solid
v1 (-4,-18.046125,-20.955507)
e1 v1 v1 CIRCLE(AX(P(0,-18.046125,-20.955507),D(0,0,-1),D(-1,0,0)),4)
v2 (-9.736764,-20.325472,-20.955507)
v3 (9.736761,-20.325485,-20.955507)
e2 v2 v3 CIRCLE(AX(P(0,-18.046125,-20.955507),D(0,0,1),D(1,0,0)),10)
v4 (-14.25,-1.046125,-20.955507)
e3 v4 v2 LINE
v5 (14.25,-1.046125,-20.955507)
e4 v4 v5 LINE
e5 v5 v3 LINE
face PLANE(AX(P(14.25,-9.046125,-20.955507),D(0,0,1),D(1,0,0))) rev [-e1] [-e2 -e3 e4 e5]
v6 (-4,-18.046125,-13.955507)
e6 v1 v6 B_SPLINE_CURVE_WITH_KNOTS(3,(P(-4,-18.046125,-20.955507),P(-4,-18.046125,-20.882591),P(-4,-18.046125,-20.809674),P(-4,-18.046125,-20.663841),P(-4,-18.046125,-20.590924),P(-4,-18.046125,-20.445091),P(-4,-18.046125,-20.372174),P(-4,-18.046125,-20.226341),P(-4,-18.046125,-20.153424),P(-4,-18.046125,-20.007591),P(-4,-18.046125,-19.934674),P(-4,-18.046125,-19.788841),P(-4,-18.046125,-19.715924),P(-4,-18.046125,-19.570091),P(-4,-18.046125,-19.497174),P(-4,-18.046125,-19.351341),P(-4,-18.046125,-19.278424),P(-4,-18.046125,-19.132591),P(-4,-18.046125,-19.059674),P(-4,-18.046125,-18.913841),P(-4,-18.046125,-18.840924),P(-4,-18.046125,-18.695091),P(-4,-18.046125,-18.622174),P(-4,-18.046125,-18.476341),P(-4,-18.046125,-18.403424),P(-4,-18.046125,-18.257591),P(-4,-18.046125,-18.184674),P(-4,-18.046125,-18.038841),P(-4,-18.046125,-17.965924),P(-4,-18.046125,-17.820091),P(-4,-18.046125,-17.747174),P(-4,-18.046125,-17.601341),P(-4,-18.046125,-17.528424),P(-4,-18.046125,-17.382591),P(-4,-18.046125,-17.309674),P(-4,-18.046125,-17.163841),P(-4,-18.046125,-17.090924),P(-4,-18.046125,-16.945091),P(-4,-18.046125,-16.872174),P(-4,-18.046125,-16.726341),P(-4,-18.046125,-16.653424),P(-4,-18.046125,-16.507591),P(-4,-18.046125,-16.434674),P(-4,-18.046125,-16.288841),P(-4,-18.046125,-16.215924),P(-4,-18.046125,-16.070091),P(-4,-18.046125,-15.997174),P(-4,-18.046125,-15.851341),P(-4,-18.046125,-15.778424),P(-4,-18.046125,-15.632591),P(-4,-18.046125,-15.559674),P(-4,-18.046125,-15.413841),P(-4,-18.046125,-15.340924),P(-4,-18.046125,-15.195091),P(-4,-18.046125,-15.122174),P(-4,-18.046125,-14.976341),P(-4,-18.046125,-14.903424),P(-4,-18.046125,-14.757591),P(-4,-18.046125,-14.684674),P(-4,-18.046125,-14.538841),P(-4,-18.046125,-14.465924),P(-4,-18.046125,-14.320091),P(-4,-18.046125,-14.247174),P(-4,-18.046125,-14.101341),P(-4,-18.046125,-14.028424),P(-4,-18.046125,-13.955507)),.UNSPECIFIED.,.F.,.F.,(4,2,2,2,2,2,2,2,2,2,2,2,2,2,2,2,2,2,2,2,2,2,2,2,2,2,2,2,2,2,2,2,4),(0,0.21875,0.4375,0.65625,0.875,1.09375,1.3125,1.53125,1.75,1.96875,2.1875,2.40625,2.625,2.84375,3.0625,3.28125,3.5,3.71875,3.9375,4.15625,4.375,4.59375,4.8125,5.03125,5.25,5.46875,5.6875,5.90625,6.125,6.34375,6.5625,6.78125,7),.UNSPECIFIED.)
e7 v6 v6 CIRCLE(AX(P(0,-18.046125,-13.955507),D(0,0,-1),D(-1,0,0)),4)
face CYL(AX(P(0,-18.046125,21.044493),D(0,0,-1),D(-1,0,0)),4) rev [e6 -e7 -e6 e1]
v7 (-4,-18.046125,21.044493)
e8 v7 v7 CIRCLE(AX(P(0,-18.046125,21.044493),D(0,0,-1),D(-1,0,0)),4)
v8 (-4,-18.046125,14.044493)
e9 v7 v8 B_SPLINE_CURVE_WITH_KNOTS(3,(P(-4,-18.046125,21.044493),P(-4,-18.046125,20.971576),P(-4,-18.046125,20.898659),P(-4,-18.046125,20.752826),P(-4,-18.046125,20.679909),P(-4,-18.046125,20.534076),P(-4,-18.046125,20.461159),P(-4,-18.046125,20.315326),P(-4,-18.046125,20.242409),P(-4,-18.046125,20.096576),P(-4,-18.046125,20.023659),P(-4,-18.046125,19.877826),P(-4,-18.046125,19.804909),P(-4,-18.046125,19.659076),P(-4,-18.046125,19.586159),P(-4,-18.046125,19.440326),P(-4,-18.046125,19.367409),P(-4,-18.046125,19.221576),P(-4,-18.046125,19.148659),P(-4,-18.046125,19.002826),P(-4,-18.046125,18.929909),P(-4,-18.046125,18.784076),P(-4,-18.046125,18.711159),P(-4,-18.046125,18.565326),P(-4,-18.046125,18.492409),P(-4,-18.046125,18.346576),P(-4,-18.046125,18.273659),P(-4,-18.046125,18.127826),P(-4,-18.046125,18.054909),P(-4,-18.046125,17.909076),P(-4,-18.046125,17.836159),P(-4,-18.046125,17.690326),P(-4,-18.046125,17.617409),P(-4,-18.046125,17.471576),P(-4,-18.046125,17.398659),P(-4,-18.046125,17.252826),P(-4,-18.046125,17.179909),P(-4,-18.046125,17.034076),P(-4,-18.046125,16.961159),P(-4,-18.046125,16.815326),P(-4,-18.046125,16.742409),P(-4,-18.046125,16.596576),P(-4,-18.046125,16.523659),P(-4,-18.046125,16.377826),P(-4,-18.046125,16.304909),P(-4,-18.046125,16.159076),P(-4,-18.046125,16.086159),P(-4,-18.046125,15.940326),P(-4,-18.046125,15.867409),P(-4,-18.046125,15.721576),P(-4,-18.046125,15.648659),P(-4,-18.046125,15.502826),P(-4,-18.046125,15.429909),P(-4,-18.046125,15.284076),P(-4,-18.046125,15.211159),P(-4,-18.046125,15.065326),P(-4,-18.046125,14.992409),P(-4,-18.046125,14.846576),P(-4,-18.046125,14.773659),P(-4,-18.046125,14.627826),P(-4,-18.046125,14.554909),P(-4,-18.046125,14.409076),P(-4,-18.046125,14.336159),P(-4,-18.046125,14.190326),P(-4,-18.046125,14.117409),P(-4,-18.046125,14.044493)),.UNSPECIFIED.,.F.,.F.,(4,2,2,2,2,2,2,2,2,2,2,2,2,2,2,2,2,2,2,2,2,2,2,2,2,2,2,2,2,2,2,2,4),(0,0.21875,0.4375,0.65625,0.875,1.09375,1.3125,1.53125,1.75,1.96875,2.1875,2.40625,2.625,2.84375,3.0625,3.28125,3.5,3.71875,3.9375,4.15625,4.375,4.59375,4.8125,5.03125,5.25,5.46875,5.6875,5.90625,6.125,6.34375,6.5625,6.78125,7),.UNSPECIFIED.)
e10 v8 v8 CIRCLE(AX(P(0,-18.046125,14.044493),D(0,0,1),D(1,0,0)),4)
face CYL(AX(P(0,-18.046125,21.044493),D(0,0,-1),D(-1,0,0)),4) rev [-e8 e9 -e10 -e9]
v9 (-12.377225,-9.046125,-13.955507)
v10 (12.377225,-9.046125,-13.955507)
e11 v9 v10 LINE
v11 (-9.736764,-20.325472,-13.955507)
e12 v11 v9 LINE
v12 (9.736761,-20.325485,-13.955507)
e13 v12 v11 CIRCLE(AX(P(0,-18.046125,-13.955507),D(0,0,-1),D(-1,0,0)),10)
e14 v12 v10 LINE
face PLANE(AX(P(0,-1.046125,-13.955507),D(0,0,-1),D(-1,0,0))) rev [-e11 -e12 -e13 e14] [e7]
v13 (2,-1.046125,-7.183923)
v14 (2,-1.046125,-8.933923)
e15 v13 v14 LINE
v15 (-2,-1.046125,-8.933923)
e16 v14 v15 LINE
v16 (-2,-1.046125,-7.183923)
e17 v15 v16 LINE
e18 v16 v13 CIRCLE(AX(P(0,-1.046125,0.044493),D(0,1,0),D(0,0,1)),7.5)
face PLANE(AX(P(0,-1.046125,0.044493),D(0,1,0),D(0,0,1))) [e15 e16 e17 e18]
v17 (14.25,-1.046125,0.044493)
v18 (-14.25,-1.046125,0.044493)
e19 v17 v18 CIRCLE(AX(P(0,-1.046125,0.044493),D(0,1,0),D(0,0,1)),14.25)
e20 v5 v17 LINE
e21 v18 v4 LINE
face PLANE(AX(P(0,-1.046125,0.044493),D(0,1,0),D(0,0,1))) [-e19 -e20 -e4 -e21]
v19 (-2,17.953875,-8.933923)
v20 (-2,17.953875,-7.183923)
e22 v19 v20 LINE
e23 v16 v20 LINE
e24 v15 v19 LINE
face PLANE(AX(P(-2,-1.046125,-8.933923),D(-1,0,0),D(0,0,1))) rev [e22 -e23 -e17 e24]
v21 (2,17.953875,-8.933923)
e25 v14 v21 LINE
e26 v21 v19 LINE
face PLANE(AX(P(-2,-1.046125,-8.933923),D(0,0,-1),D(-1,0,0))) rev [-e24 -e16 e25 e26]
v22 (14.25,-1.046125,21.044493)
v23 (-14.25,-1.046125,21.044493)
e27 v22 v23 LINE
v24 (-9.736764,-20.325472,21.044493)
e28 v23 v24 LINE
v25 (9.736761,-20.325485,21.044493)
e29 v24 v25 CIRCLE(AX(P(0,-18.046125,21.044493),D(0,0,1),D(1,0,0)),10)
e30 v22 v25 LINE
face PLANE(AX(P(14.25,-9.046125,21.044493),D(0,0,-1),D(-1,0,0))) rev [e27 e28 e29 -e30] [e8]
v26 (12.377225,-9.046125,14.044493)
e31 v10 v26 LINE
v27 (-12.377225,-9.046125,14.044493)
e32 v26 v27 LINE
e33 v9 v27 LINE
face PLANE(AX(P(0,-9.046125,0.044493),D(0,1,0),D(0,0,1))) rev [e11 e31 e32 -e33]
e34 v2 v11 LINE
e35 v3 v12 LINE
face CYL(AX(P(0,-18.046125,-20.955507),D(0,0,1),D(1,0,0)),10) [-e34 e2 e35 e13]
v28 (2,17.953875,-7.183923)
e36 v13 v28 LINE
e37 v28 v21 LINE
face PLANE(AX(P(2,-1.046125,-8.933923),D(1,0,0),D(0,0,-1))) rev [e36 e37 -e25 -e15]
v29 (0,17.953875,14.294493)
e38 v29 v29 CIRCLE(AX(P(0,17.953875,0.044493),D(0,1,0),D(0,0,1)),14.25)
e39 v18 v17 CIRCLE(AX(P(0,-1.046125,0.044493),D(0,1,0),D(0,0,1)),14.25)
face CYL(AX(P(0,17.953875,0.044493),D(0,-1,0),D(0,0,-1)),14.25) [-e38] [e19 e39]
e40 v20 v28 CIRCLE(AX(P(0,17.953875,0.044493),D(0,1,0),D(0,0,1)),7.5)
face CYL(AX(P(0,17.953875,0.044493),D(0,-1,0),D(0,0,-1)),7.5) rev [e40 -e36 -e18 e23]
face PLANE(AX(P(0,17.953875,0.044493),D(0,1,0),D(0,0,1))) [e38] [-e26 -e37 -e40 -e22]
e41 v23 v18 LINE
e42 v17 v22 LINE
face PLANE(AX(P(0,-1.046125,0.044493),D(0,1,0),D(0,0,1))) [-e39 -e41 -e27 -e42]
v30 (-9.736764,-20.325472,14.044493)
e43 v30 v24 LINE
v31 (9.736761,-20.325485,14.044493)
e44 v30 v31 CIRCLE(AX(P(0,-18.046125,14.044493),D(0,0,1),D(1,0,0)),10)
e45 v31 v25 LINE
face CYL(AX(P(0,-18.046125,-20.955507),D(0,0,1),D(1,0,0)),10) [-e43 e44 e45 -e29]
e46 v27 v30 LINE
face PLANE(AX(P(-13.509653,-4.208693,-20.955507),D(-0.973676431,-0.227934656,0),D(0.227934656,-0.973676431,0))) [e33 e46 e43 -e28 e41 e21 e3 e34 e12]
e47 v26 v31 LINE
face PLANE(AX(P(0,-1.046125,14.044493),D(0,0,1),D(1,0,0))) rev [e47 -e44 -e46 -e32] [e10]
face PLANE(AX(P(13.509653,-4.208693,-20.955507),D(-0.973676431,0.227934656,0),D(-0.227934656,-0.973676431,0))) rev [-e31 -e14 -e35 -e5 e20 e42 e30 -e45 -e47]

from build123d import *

# Parameters (mm, degrees)
SKETCH1_R           = 28.5
SKETCH1_R_2         = 15
BOSS_EXTRUDE1_DEPTH = 38
SKETCH2_W           = 57
SKETCH2_H           = 84
BOSS_EXTRUDE2_DEPTH = 16
SKETCH6_W           = 57
SKETCH6_H           = 38
BOSS_EXTRUDE4_DEPTH = 14
SKETCH7_W           = 57
SKETCH7_H           = 38
BOSS_EXTRUDE5_DEPTH = 14
SKETCH8_R           = 8
CUT_EXTRUDE3_DEPTH  = 104.847243584
CUT_EXTRUDE4_DEPTH  = 104.847243584
CUT_EXTRUDE5_START  = -38
CUT_EXTRUDE5_DEPTH  = 38
ESCALA1_SCALE       = 0.5


with BuildPart() as part:
    # Sketch1 → Boss-Extrude1 (new body)
    with BuildSketch(Plane(origin=(0, 0, 0), x_dir=(1, 0, 0), z_dir=(0, 1, 0))):
        with Locations(Location((0, 0, 0), (0, 0, 270))):
            Circle(SKETCH1_R)
        with Locations(Location((0, 0, 0), (0, 0, 270))):
            Circle(SKETCH1_R_2, mode=Mode.SUBTRACT)
    extrude(amount=BOSS_EXTRUDE1_DEPTH)

    # Sketch2 → Boss-Extrude2 (add)
    with BuildSketch(Plane.XZ):
        Rectangle(SKETCH2_W, SKETCH2_H)
    extrude(amount=BOSS_EXTRUDE2_DEPTH)

    # Sketch6 → Boss-Extrude4 (add)
    with BuildSketch(Plane.XY.offset(42)):
        with Locations((0, -35)):
            Rectangle(SKETCH6_W, SKETCH6_H)
    extrude(amount=-BOSS_EXTRUDE4_DEPTH)

    # Sketch7 → Boss-Extrude5 (add)
    with BuildSketch(Plane(origin=(0, 0, -42), x_dir=(-1, 0, 0), z_dir=(0, 0, -1))):
        with Locations((0, -35)):
            Rectangle(SKETCH7_W, SKETCH7_H)
    extrude(amount=-BOSS_EXTRUDE5_DEPTH)

    # Sketch8 → Cut-Extrude3 (cut, through all)
    with BuildSketch(Plane(origin=(0, 0, -42), x_dir=(-1, 0, 0), z_dir=(0, 0, -1))):
        with Locations((0, -34)):
            Circle(SKETCH8_R)
    extrude(amount=-CUT_EXTRUDE3_DEPTH, mode=Mode.SUBTRACT)

    # Sketch9 → Cut-Extrude4 (cut, through all)
    with BuildSketch(Plane.XY.offset(42)):
        with BuildLine():
            Line((-19.473528625, -38.558693112), (-28.5, 0))
            Line((-28.5, 0), (-28.5, -54))
            Line((-28.5, -54), (0, -54))
            ThreePointArc((0, -54), (-12.42630552, -49.671213454), (-19.473528625, -38.558693112))
        make_face()
        with BuildLine():
            ThreePointArc((19.473522225, -38.558720453), (12.426294519, -49.671222177), (0, -54))
            Line((0, -54), (28.5, -54))
            Line((28.5, -54), (28.5, 0))
            Line((28.5, 0), (19.473522225, -38.558720453))
        make_face()
    extrude(amount=-CUT_EXTRUDE4_DEPTH, mode=Mode.SUBTRACT)

    # Sketch11 → Cut-Extrude5 (cut)
    with BuildSketch(Plane(origin=(0, 38, 0), x_dir=(1, 0, 0), z_dir=(0, 1, 0)).offset(CUT_EXTRUDE5_START)):
        with BuildLine():
            Line((-4, 17.956832295), (4, 17.956832295))
            Line((4, 17.956832295), (4, 14.456832295))
            ThreePointArc((4, 14.456832295), (0, 15), (-4, 14.456832295))
            Line((-4, 14.456832295), (-4, 17.956832295))
        make_face()
    extrude(amount=CUT_EXTRUDE5_DEPTH, mode=Mode.SUBTRACT)


with BuildPart() as part_1:
    # Escala1: scaled about (0, -2.092250253, 0.088985483)
    add(part.part.scale(ESCALA1_SCALE).moved(Location((0, -1.046125127, 0.044492742))))


solid = part_1.part
